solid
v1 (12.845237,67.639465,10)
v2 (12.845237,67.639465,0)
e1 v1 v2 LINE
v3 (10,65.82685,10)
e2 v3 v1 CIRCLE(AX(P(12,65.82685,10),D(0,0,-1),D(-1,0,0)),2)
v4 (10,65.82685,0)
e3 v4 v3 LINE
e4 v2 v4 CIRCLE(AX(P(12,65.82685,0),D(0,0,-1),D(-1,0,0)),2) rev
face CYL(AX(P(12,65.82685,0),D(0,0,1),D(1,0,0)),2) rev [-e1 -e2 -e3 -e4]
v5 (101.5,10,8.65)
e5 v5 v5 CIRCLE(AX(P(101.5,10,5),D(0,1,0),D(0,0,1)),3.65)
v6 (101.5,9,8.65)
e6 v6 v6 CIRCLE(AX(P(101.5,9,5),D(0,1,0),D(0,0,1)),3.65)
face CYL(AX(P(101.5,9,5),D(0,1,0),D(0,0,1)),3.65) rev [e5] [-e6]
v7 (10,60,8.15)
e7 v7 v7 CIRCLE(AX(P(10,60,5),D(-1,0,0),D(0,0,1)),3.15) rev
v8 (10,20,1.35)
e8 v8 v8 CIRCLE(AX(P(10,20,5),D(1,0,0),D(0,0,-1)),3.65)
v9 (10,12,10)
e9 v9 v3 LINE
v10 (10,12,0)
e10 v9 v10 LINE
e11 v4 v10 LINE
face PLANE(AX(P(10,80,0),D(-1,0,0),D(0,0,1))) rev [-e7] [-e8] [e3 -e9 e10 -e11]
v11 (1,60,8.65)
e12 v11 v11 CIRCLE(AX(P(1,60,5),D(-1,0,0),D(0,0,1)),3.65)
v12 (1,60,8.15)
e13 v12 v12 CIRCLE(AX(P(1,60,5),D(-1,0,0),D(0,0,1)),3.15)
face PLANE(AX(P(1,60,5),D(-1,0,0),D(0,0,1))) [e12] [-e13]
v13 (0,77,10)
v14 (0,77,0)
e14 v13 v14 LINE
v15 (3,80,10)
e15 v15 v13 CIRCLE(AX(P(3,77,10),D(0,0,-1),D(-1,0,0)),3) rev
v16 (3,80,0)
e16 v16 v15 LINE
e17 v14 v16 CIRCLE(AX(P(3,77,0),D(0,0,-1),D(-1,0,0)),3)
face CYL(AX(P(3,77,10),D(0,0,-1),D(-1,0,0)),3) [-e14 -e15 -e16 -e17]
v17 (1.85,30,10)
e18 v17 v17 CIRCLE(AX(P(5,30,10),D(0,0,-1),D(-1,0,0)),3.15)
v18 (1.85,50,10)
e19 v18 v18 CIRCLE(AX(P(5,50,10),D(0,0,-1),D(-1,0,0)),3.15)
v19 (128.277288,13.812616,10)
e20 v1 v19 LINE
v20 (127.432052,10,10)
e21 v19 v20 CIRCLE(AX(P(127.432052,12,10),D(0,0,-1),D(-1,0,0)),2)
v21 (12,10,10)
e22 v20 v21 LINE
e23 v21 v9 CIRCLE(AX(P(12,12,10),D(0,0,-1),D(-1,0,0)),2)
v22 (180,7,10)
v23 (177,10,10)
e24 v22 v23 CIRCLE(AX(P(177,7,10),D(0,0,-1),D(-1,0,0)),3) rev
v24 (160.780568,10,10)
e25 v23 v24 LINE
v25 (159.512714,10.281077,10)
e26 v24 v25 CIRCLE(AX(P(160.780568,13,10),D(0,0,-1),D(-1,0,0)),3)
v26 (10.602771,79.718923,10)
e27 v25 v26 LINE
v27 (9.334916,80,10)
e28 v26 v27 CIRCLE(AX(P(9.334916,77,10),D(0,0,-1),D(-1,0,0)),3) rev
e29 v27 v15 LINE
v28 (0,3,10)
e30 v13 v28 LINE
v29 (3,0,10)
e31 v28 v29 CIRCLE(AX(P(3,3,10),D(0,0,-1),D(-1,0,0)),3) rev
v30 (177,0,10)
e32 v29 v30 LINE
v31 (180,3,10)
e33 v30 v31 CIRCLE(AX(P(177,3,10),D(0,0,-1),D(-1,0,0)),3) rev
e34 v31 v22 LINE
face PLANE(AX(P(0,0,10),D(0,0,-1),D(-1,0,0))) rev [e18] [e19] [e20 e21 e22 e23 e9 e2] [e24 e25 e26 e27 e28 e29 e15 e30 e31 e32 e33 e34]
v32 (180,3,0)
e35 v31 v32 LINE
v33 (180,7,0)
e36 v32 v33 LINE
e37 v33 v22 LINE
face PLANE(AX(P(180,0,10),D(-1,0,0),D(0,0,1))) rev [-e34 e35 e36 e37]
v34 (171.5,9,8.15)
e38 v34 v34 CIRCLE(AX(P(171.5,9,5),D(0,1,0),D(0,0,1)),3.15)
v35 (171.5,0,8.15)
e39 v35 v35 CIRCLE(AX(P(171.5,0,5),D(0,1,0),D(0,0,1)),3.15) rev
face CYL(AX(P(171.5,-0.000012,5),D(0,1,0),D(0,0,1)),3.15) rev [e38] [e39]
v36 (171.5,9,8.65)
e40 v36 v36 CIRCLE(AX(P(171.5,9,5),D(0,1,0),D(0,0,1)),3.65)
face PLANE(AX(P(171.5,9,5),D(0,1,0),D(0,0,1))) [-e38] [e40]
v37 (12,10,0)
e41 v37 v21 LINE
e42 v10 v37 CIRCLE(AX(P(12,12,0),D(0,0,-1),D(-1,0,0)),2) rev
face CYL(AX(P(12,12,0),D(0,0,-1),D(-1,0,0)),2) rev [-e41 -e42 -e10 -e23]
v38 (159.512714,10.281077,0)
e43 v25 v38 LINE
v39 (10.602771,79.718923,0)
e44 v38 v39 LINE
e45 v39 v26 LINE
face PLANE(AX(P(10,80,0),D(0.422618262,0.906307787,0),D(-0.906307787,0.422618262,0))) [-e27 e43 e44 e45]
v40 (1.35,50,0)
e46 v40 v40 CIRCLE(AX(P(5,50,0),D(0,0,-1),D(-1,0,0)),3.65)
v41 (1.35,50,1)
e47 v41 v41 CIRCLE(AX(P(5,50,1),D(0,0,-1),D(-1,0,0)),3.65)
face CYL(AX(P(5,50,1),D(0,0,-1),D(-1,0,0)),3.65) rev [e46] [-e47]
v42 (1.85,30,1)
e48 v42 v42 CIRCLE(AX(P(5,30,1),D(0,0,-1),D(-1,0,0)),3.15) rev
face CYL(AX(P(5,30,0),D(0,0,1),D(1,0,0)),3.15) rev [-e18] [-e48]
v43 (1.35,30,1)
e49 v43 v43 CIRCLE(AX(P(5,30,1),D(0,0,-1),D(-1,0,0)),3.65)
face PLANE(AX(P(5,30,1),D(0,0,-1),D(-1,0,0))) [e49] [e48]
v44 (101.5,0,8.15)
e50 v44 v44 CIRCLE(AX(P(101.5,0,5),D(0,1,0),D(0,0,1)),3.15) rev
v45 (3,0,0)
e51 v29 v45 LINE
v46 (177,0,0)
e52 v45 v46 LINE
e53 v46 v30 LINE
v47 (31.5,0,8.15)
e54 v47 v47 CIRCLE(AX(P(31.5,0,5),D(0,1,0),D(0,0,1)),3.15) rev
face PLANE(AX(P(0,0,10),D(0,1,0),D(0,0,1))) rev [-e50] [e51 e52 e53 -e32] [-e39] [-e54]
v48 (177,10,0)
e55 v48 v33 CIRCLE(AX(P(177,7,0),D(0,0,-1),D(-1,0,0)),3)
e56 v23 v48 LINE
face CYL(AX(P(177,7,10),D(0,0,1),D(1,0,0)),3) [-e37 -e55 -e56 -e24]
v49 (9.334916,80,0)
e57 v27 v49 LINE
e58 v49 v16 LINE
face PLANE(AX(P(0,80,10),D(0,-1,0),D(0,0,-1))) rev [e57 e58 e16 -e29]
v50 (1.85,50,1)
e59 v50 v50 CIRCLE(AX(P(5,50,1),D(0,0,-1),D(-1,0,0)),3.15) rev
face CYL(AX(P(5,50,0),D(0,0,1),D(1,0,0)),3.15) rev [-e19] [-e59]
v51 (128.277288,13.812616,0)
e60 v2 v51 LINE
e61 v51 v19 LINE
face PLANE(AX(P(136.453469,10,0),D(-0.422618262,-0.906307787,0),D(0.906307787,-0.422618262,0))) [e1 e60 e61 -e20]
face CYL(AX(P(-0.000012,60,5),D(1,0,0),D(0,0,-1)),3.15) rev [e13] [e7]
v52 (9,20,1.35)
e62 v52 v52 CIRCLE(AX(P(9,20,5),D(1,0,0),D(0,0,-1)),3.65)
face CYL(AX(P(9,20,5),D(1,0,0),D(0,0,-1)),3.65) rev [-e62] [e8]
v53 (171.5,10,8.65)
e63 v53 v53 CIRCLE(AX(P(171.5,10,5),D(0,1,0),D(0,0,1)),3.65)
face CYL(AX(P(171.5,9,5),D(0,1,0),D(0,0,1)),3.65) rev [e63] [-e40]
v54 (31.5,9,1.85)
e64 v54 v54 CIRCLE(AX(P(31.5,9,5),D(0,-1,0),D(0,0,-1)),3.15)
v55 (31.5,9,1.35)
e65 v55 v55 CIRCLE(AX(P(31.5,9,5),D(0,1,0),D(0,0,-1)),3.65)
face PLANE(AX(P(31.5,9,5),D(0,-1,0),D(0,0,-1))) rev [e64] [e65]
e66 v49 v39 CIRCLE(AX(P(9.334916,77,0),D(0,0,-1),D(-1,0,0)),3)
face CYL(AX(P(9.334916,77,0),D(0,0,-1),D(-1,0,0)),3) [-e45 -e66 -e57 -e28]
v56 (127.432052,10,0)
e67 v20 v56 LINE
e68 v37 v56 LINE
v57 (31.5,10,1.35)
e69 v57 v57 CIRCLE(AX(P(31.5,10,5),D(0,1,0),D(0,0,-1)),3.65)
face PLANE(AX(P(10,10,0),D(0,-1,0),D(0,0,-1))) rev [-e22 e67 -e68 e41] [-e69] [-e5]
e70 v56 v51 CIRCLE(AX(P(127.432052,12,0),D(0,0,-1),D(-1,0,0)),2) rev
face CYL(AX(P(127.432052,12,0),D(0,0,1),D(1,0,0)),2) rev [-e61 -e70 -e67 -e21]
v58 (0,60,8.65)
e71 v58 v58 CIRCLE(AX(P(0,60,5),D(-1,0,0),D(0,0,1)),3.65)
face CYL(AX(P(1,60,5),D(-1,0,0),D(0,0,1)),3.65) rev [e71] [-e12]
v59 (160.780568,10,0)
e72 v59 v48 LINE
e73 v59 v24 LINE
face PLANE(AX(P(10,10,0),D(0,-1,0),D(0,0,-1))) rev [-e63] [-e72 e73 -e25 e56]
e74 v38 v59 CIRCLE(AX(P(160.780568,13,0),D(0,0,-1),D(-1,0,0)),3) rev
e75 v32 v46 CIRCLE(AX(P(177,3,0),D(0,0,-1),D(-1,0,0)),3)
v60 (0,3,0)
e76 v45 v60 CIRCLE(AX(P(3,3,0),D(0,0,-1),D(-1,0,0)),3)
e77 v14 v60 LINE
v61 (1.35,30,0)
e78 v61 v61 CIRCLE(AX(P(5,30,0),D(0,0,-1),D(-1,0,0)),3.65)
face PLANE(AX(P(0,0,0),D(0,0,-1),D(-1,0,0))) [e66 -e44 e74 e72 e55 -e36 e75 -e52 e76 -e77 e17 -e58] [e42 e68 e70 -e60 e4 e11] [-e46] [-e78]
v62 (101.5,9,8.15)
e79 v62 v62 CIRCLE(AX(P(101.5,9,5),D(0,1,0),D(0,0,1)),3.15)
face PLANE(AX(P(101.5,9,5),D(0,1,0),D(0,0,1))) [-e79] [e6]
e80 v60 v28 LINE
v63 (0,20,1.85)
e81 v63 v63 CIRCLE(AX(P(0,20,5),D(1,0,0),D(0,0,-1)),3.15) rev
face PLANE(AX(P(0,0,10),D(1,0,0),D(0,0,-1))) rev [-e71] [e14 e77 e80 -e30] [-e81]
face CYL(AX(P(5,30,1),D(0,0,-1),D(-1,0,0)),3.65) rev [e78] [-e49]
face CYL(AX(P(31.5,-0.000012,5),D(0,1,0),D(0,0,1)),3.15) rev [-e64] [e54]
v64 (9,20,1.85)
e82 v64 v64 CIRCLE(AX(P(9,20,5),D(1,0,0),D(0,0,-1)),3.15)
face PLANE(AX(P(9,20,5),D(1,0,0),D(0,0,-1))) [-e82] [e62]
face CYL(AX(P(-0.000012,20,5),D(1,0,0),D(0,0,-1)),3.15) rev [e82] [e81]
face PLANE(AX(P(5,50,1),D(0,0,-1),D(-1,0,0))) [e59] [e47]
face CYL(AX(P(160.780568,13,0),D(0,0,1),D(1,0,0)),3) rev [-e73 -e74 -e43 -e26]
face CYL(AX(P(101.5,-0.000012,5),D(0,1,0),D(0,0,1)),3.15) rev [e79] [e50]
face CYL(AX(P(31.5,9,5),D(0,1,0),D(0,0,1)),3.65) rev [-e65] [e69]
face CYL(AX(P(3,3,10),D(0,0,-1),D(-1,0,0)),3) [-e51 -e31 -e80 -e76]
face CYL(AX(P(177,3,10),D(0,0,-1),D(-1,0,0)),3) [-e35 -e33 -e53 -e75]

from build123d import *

# Parameters (mm, degrees)
ESQUISSE1_W                         = 180
ESQUISSE1_H                         = 80
BOSS_EXTRU_1_DEPTH                  = 10
ESQUISSE2_W                         = 170
ESQUISSE2_H                         = 70
ENL_V_MAT_EXTRU_1_DEPTH             = 1
ENL_V_MAT_EXTRU_1_DEPTH_BACK        = 11
BOSS_EXTRU_2_DEPTH                  = 10
ENL_V_MAT_EXTRU_2_REACH             = 82
ESQUISSE4_R                         = 3.15
ENL_V_MAT_EXTRU_2_DIRECTION_2_DEPTH = 1
ESQUISSE5_R                         = 3.65
ENL_V_MAT_EXTRU_3_DEPTH             = 1
ENL_V_MAT_EXTRU_4_REACH             = 182
ESQUISSE6_R                         = 3.15
ENL_V_MAT_EXTRU_4_DIRECTION_2_DEPTH = 1
ESQUISSE7_R                         = 3.65
ENL_V_MAT_EXTRU_5_DEPTH             = 1
ESQUISSE8_R                         = 3.65
ENL_V_MAT_EXTRU_6_DEPTH             = 1
CONG_1_R                            = 2
CONG_2_R                            = 3
ESQUISSE9_R                         = 3.15
ENL_V_MAT_EXTRU_7_DEPTH             = 1
ENL_V_MAT_EXTRU_7_DEPTH_BACK        = 11
ENL_V_START                         = -10
ESQUISSE10_R                        = 3.65
ENL_V_MAT_EXTRU_8_DEPTH             = 1


with BuildPart() as part:
    # Esquisse1 → Boss.-Extru.1 (new body)
    with BuildSketch(Plane.XY):
        with Locations((90, 40)):
            Rectangle(ESQUISSE1_W, ESQUISSE1_H)
    extrude(amount=BOSS_EXTRU_1_DEPTH)

    # Esquisse2 → Enlèv. mat.-Extru.1 (cut, two sides)
    with BuildSketch(Plane.XY.offset(10)) as enl_v_mat_extru_1_sk:
        with Locations((95, 45)):
            Rectangle(ESQUISSE2_W, ESQUISSE2_H)
    extrude(amount=ENL_V_MAT_EXTRU_1_DEPTH, mode=Mode.SUBTRACT)
    extrude(enl_v_mat_extru_1_sk.sketch, amount=-ENL_V_MAT_EXTRU_1_DEPTH_BACK, mode=Mode.SUBTRACT)

    # Esquisse3 → Boss.-Extru.2 (add)
    with BuildSketch(Plane.XY.offset(10)):
        Polygon((10, 80), (160.115484436, 10), (136.453468604, 10), (10, 68.96622081), align=None)
    extrude(amount=-BOSS_EXTRU_2_DEPTH)

    # Esquisse4 → Enlèv. mat.-Extru.2 (cut, up to next)
    with BuildSketch(Plane.XZ, mode=Mode.PRIVATE) as enl_v_mat_extru_2_sk1:
        with Locations((101.5, 5)):
            Circle(ESQUISSE4_R)
    enl_v_mat_extru_2_tool1 = extrude(enl_v_mat_extru_2_sk1.sketch, amount=-ENL_V_MAT_EXTRU_2_REACH, mode=Mode.PRIVATE) & part.part
    add(enl_v_mat_extru_2_tool1.solids().sort_by_distance((101.5, 0, 5))[0], mode=Mode.SUBTRACT)
    # Esquisse4 → Enlèv. mat.-Extru.2 (cut, up to next)
    with BuildSketch(Plane.XZ, mode=Mode.PRIVATE) as enl_v_mat_extru_2_sk2:
        with Locations((171.5, 5)):
            Circle(ESQUISSE4_R)
    enl_v_mat_extru_2_tool2 = extrude(enl_v_mat_extru_2_sk2.sketch, amount=-ENL_V_MAT_EXTRU_2_REACH, mode=Mode.PRIVATE) & part.part
    add(enl_v_mat_extru_2_tool2.solids().sort_by_distance((171.5, 0, 5))[0], mode=Mode.SUBTRACT)
    # Esquisse4 → Enlèv. mat.-Extru.2 (cut, up to next)
    with BuildSketch(Plane.XZ, mode=Mode.PRIVATE) as enl_v_mat_extru_2_sk3:
        with Locations((31.5, 5)):
            Circle(ESQUISSE4_R)
    enl_v_mat_extru_2_tool3 = extrude(enl_v_mat_extru_2_sk3.sketch, amount=-ENL_V_MAT_EXTRU_2_REACH, mode=Mode.PRIVATE) & part.part
    add(enl_v_mat_extru_2_tool3.solids().sort_by_distance((31.5, 0, 5))[0], mode=Mode.SUBTRACT)

    # Esquisse4 → Enlèv. mat.-Extru.2 direction 2 (cut)
    with BuildSketch(Plane.XZ):
        with Locations((101.5, 5)):
            Circle(ESQUISSE4_R)
        with Locations((171.5, 5)):
            Circle(ESQUISSE4_R)
        with Locations((31.5, 5)):
            Circle(ESQUISSE4_R)
    extrude(amount=ENL_V_MAT_EXTRU_2_DIRECTION_2_DEPTH, mode=Mode.SUBTRACT)

    # Esquisse5 → Enlèv. mat.-Extru.3 (cut)
    with BuildSketch(Plane(origin=(0, 10, 0), x_dir=(1, 0, 0), z_dir=(0, 1, 0))):
        with Locations((101.5, -5)):
            Circle(ESQUISSE5_R)
        with Locations((171.5, -5)):
            Circle(ESQUISSE5_R)
        with Locations((31.5, -5)):
            Circle(ESQUISSE5_R)
    extrude(amount=-ENL_V_MAT_EXTRU_3_DEPTH, mode=Mode.SUBTRACT)

    # Esquisse6 → Enlèv. mat.-Extru.4 (cut, up to next)
    with BuildSketch(Plane.ZY, mode=Mode.PRIVATE) as enl_v_mat_extru_4_sk1:
        with Locations((5, 60)):
            Circle(ESQUISSE6_R)
    enl_v_mat_extru_4_tool1 = extrude(enl_v_mat_extru_4_sk1.sketch, amount=-ENL_V_MAT_EXTRU_4_REACH, mode=Mode.PRIVATE) & part.part
    add(enl_v_mat_extru_4_tool1.solids().sort_by_distance((0, 60, 5))[0], mode=Mode.SUBTRACT)
    # Esquisse6 → Enlèv. mat.-Extru.4 (cut, up to next)
    with BuildSketch(Plane.ZY, mode=Mode.PRIVATE) as enl_v_mat_extru_4_sk2:
        with Locations((5, 20)):
            Circle(ESQUISSE6_R)
    enl_v_mat_extru_4_tool2 = extrude(enl_v_mat_extru_4_sk2.sketch, amount=-ENL_V_MAT_EXTRU_4_REACH, mode=Mode.PRIVATE) & part.part
    add(enl_v_mat_extru_4_tool2.solids().sort_by_distance((0, 20, 5))[0], mode=Mode.SUBTRACT)

    # Esquisse6 → Enlèv. mat.-Extru.4 direction 2 (cut)
    with BuildSketch(Plane.ZY):
        with Locations((5, 60)):
            Circle(ESQUISSE6_R)
        with Locations((5, 20)):
            Circle(ESQUISSE6_R)
    extrude(amount=ENL_V_MAT_EXTRU_4_DIRECTION_2_DEPTH, mode=Mode.SUBTRACT)

    # Esquisse7 → Enlèv. mat.-Extru.5 (cut)
    with BuildSketch(Plane.ZY):
        with Locations((5, 60)):
            Circle(ESQUISSE7_R)
    extrude(amount=-ENL_V_MAT_EXTRU_5_DEPTH, mode=Mode.SUBTRACT)

    # Esquisse8 → Enlèv. mat.-Extru.6 (cut)
    with BuildSketch(Plane(origin=(10, 0, 0), x_dir=(0, 0, -1), z_dir=(1, 0, 0))):
        with Locations((-5, 20)):
            Circle(ESQUISSE8_R)
    extrude(amount=-ENL_V_MAT_EXTRU_6_DEPTH, mode=Mode.SUBTRACT)

    # Congé1
    cong_1_edges = [part.edges().sort_by_distance(p)[0] for p in [
        (10, 10, 5),
        (10, 68.96622081, 5),
        (136.453468604, 10, 5),
    ]]
    fillet(cong_1_edges, radius=CONG_1_R)

    # Congé2
    cong_2_edges = [part.edges().sort_by_distance(p)[0] for p in [
        (10, 80, 5),
        (180, 10, 5),
        (160.115484436, 10, 5),
        (0, 80, 5),
        (180, 0, 5),
        (0, 0, 5),
    ]]
    fillet(cong_2_edges, radius=CONG_2_R)

    # Esquisse9 → Enlèv. mat.-Extru.7 (cut, two sides)
    with BuildSketch(Plane.XY.offset(10)) as enl_v_mat_extru_7_sk:
        with Locations((5, 50)):
            Circle(ESQUISSE9_R)
        with Locations((5, 30)):
            Circle(ESQUISSE9_R)
    extrude(amount=ENL_V_MAT_EXTRU_7_DEPTH, mode=Mode.SUBTRACT)
    extrude(enl_v_mat_extru_7_sk.sketch, amount=-ENL_V_MAT_EXTRU_7_DEPTH_BACK, mode=Mode.SUBTRACT)

    # Esquisse10 → Enlèv. mat.-Extru.8 (cut)
    with BuildSketch(Plane.XY.offset(10).offset(ENL_V_START)):
        with Locations((5, 50)):
            Circle(ESQUISSE10_R)
        with Locations((5, 30)):
            Circle(ESQUISSE10_R)
    extrude(amount=ENL_V_MAT_EXTRU_8_DEPTH, mode=Mode.SUBTRACT)


solid = part.part
